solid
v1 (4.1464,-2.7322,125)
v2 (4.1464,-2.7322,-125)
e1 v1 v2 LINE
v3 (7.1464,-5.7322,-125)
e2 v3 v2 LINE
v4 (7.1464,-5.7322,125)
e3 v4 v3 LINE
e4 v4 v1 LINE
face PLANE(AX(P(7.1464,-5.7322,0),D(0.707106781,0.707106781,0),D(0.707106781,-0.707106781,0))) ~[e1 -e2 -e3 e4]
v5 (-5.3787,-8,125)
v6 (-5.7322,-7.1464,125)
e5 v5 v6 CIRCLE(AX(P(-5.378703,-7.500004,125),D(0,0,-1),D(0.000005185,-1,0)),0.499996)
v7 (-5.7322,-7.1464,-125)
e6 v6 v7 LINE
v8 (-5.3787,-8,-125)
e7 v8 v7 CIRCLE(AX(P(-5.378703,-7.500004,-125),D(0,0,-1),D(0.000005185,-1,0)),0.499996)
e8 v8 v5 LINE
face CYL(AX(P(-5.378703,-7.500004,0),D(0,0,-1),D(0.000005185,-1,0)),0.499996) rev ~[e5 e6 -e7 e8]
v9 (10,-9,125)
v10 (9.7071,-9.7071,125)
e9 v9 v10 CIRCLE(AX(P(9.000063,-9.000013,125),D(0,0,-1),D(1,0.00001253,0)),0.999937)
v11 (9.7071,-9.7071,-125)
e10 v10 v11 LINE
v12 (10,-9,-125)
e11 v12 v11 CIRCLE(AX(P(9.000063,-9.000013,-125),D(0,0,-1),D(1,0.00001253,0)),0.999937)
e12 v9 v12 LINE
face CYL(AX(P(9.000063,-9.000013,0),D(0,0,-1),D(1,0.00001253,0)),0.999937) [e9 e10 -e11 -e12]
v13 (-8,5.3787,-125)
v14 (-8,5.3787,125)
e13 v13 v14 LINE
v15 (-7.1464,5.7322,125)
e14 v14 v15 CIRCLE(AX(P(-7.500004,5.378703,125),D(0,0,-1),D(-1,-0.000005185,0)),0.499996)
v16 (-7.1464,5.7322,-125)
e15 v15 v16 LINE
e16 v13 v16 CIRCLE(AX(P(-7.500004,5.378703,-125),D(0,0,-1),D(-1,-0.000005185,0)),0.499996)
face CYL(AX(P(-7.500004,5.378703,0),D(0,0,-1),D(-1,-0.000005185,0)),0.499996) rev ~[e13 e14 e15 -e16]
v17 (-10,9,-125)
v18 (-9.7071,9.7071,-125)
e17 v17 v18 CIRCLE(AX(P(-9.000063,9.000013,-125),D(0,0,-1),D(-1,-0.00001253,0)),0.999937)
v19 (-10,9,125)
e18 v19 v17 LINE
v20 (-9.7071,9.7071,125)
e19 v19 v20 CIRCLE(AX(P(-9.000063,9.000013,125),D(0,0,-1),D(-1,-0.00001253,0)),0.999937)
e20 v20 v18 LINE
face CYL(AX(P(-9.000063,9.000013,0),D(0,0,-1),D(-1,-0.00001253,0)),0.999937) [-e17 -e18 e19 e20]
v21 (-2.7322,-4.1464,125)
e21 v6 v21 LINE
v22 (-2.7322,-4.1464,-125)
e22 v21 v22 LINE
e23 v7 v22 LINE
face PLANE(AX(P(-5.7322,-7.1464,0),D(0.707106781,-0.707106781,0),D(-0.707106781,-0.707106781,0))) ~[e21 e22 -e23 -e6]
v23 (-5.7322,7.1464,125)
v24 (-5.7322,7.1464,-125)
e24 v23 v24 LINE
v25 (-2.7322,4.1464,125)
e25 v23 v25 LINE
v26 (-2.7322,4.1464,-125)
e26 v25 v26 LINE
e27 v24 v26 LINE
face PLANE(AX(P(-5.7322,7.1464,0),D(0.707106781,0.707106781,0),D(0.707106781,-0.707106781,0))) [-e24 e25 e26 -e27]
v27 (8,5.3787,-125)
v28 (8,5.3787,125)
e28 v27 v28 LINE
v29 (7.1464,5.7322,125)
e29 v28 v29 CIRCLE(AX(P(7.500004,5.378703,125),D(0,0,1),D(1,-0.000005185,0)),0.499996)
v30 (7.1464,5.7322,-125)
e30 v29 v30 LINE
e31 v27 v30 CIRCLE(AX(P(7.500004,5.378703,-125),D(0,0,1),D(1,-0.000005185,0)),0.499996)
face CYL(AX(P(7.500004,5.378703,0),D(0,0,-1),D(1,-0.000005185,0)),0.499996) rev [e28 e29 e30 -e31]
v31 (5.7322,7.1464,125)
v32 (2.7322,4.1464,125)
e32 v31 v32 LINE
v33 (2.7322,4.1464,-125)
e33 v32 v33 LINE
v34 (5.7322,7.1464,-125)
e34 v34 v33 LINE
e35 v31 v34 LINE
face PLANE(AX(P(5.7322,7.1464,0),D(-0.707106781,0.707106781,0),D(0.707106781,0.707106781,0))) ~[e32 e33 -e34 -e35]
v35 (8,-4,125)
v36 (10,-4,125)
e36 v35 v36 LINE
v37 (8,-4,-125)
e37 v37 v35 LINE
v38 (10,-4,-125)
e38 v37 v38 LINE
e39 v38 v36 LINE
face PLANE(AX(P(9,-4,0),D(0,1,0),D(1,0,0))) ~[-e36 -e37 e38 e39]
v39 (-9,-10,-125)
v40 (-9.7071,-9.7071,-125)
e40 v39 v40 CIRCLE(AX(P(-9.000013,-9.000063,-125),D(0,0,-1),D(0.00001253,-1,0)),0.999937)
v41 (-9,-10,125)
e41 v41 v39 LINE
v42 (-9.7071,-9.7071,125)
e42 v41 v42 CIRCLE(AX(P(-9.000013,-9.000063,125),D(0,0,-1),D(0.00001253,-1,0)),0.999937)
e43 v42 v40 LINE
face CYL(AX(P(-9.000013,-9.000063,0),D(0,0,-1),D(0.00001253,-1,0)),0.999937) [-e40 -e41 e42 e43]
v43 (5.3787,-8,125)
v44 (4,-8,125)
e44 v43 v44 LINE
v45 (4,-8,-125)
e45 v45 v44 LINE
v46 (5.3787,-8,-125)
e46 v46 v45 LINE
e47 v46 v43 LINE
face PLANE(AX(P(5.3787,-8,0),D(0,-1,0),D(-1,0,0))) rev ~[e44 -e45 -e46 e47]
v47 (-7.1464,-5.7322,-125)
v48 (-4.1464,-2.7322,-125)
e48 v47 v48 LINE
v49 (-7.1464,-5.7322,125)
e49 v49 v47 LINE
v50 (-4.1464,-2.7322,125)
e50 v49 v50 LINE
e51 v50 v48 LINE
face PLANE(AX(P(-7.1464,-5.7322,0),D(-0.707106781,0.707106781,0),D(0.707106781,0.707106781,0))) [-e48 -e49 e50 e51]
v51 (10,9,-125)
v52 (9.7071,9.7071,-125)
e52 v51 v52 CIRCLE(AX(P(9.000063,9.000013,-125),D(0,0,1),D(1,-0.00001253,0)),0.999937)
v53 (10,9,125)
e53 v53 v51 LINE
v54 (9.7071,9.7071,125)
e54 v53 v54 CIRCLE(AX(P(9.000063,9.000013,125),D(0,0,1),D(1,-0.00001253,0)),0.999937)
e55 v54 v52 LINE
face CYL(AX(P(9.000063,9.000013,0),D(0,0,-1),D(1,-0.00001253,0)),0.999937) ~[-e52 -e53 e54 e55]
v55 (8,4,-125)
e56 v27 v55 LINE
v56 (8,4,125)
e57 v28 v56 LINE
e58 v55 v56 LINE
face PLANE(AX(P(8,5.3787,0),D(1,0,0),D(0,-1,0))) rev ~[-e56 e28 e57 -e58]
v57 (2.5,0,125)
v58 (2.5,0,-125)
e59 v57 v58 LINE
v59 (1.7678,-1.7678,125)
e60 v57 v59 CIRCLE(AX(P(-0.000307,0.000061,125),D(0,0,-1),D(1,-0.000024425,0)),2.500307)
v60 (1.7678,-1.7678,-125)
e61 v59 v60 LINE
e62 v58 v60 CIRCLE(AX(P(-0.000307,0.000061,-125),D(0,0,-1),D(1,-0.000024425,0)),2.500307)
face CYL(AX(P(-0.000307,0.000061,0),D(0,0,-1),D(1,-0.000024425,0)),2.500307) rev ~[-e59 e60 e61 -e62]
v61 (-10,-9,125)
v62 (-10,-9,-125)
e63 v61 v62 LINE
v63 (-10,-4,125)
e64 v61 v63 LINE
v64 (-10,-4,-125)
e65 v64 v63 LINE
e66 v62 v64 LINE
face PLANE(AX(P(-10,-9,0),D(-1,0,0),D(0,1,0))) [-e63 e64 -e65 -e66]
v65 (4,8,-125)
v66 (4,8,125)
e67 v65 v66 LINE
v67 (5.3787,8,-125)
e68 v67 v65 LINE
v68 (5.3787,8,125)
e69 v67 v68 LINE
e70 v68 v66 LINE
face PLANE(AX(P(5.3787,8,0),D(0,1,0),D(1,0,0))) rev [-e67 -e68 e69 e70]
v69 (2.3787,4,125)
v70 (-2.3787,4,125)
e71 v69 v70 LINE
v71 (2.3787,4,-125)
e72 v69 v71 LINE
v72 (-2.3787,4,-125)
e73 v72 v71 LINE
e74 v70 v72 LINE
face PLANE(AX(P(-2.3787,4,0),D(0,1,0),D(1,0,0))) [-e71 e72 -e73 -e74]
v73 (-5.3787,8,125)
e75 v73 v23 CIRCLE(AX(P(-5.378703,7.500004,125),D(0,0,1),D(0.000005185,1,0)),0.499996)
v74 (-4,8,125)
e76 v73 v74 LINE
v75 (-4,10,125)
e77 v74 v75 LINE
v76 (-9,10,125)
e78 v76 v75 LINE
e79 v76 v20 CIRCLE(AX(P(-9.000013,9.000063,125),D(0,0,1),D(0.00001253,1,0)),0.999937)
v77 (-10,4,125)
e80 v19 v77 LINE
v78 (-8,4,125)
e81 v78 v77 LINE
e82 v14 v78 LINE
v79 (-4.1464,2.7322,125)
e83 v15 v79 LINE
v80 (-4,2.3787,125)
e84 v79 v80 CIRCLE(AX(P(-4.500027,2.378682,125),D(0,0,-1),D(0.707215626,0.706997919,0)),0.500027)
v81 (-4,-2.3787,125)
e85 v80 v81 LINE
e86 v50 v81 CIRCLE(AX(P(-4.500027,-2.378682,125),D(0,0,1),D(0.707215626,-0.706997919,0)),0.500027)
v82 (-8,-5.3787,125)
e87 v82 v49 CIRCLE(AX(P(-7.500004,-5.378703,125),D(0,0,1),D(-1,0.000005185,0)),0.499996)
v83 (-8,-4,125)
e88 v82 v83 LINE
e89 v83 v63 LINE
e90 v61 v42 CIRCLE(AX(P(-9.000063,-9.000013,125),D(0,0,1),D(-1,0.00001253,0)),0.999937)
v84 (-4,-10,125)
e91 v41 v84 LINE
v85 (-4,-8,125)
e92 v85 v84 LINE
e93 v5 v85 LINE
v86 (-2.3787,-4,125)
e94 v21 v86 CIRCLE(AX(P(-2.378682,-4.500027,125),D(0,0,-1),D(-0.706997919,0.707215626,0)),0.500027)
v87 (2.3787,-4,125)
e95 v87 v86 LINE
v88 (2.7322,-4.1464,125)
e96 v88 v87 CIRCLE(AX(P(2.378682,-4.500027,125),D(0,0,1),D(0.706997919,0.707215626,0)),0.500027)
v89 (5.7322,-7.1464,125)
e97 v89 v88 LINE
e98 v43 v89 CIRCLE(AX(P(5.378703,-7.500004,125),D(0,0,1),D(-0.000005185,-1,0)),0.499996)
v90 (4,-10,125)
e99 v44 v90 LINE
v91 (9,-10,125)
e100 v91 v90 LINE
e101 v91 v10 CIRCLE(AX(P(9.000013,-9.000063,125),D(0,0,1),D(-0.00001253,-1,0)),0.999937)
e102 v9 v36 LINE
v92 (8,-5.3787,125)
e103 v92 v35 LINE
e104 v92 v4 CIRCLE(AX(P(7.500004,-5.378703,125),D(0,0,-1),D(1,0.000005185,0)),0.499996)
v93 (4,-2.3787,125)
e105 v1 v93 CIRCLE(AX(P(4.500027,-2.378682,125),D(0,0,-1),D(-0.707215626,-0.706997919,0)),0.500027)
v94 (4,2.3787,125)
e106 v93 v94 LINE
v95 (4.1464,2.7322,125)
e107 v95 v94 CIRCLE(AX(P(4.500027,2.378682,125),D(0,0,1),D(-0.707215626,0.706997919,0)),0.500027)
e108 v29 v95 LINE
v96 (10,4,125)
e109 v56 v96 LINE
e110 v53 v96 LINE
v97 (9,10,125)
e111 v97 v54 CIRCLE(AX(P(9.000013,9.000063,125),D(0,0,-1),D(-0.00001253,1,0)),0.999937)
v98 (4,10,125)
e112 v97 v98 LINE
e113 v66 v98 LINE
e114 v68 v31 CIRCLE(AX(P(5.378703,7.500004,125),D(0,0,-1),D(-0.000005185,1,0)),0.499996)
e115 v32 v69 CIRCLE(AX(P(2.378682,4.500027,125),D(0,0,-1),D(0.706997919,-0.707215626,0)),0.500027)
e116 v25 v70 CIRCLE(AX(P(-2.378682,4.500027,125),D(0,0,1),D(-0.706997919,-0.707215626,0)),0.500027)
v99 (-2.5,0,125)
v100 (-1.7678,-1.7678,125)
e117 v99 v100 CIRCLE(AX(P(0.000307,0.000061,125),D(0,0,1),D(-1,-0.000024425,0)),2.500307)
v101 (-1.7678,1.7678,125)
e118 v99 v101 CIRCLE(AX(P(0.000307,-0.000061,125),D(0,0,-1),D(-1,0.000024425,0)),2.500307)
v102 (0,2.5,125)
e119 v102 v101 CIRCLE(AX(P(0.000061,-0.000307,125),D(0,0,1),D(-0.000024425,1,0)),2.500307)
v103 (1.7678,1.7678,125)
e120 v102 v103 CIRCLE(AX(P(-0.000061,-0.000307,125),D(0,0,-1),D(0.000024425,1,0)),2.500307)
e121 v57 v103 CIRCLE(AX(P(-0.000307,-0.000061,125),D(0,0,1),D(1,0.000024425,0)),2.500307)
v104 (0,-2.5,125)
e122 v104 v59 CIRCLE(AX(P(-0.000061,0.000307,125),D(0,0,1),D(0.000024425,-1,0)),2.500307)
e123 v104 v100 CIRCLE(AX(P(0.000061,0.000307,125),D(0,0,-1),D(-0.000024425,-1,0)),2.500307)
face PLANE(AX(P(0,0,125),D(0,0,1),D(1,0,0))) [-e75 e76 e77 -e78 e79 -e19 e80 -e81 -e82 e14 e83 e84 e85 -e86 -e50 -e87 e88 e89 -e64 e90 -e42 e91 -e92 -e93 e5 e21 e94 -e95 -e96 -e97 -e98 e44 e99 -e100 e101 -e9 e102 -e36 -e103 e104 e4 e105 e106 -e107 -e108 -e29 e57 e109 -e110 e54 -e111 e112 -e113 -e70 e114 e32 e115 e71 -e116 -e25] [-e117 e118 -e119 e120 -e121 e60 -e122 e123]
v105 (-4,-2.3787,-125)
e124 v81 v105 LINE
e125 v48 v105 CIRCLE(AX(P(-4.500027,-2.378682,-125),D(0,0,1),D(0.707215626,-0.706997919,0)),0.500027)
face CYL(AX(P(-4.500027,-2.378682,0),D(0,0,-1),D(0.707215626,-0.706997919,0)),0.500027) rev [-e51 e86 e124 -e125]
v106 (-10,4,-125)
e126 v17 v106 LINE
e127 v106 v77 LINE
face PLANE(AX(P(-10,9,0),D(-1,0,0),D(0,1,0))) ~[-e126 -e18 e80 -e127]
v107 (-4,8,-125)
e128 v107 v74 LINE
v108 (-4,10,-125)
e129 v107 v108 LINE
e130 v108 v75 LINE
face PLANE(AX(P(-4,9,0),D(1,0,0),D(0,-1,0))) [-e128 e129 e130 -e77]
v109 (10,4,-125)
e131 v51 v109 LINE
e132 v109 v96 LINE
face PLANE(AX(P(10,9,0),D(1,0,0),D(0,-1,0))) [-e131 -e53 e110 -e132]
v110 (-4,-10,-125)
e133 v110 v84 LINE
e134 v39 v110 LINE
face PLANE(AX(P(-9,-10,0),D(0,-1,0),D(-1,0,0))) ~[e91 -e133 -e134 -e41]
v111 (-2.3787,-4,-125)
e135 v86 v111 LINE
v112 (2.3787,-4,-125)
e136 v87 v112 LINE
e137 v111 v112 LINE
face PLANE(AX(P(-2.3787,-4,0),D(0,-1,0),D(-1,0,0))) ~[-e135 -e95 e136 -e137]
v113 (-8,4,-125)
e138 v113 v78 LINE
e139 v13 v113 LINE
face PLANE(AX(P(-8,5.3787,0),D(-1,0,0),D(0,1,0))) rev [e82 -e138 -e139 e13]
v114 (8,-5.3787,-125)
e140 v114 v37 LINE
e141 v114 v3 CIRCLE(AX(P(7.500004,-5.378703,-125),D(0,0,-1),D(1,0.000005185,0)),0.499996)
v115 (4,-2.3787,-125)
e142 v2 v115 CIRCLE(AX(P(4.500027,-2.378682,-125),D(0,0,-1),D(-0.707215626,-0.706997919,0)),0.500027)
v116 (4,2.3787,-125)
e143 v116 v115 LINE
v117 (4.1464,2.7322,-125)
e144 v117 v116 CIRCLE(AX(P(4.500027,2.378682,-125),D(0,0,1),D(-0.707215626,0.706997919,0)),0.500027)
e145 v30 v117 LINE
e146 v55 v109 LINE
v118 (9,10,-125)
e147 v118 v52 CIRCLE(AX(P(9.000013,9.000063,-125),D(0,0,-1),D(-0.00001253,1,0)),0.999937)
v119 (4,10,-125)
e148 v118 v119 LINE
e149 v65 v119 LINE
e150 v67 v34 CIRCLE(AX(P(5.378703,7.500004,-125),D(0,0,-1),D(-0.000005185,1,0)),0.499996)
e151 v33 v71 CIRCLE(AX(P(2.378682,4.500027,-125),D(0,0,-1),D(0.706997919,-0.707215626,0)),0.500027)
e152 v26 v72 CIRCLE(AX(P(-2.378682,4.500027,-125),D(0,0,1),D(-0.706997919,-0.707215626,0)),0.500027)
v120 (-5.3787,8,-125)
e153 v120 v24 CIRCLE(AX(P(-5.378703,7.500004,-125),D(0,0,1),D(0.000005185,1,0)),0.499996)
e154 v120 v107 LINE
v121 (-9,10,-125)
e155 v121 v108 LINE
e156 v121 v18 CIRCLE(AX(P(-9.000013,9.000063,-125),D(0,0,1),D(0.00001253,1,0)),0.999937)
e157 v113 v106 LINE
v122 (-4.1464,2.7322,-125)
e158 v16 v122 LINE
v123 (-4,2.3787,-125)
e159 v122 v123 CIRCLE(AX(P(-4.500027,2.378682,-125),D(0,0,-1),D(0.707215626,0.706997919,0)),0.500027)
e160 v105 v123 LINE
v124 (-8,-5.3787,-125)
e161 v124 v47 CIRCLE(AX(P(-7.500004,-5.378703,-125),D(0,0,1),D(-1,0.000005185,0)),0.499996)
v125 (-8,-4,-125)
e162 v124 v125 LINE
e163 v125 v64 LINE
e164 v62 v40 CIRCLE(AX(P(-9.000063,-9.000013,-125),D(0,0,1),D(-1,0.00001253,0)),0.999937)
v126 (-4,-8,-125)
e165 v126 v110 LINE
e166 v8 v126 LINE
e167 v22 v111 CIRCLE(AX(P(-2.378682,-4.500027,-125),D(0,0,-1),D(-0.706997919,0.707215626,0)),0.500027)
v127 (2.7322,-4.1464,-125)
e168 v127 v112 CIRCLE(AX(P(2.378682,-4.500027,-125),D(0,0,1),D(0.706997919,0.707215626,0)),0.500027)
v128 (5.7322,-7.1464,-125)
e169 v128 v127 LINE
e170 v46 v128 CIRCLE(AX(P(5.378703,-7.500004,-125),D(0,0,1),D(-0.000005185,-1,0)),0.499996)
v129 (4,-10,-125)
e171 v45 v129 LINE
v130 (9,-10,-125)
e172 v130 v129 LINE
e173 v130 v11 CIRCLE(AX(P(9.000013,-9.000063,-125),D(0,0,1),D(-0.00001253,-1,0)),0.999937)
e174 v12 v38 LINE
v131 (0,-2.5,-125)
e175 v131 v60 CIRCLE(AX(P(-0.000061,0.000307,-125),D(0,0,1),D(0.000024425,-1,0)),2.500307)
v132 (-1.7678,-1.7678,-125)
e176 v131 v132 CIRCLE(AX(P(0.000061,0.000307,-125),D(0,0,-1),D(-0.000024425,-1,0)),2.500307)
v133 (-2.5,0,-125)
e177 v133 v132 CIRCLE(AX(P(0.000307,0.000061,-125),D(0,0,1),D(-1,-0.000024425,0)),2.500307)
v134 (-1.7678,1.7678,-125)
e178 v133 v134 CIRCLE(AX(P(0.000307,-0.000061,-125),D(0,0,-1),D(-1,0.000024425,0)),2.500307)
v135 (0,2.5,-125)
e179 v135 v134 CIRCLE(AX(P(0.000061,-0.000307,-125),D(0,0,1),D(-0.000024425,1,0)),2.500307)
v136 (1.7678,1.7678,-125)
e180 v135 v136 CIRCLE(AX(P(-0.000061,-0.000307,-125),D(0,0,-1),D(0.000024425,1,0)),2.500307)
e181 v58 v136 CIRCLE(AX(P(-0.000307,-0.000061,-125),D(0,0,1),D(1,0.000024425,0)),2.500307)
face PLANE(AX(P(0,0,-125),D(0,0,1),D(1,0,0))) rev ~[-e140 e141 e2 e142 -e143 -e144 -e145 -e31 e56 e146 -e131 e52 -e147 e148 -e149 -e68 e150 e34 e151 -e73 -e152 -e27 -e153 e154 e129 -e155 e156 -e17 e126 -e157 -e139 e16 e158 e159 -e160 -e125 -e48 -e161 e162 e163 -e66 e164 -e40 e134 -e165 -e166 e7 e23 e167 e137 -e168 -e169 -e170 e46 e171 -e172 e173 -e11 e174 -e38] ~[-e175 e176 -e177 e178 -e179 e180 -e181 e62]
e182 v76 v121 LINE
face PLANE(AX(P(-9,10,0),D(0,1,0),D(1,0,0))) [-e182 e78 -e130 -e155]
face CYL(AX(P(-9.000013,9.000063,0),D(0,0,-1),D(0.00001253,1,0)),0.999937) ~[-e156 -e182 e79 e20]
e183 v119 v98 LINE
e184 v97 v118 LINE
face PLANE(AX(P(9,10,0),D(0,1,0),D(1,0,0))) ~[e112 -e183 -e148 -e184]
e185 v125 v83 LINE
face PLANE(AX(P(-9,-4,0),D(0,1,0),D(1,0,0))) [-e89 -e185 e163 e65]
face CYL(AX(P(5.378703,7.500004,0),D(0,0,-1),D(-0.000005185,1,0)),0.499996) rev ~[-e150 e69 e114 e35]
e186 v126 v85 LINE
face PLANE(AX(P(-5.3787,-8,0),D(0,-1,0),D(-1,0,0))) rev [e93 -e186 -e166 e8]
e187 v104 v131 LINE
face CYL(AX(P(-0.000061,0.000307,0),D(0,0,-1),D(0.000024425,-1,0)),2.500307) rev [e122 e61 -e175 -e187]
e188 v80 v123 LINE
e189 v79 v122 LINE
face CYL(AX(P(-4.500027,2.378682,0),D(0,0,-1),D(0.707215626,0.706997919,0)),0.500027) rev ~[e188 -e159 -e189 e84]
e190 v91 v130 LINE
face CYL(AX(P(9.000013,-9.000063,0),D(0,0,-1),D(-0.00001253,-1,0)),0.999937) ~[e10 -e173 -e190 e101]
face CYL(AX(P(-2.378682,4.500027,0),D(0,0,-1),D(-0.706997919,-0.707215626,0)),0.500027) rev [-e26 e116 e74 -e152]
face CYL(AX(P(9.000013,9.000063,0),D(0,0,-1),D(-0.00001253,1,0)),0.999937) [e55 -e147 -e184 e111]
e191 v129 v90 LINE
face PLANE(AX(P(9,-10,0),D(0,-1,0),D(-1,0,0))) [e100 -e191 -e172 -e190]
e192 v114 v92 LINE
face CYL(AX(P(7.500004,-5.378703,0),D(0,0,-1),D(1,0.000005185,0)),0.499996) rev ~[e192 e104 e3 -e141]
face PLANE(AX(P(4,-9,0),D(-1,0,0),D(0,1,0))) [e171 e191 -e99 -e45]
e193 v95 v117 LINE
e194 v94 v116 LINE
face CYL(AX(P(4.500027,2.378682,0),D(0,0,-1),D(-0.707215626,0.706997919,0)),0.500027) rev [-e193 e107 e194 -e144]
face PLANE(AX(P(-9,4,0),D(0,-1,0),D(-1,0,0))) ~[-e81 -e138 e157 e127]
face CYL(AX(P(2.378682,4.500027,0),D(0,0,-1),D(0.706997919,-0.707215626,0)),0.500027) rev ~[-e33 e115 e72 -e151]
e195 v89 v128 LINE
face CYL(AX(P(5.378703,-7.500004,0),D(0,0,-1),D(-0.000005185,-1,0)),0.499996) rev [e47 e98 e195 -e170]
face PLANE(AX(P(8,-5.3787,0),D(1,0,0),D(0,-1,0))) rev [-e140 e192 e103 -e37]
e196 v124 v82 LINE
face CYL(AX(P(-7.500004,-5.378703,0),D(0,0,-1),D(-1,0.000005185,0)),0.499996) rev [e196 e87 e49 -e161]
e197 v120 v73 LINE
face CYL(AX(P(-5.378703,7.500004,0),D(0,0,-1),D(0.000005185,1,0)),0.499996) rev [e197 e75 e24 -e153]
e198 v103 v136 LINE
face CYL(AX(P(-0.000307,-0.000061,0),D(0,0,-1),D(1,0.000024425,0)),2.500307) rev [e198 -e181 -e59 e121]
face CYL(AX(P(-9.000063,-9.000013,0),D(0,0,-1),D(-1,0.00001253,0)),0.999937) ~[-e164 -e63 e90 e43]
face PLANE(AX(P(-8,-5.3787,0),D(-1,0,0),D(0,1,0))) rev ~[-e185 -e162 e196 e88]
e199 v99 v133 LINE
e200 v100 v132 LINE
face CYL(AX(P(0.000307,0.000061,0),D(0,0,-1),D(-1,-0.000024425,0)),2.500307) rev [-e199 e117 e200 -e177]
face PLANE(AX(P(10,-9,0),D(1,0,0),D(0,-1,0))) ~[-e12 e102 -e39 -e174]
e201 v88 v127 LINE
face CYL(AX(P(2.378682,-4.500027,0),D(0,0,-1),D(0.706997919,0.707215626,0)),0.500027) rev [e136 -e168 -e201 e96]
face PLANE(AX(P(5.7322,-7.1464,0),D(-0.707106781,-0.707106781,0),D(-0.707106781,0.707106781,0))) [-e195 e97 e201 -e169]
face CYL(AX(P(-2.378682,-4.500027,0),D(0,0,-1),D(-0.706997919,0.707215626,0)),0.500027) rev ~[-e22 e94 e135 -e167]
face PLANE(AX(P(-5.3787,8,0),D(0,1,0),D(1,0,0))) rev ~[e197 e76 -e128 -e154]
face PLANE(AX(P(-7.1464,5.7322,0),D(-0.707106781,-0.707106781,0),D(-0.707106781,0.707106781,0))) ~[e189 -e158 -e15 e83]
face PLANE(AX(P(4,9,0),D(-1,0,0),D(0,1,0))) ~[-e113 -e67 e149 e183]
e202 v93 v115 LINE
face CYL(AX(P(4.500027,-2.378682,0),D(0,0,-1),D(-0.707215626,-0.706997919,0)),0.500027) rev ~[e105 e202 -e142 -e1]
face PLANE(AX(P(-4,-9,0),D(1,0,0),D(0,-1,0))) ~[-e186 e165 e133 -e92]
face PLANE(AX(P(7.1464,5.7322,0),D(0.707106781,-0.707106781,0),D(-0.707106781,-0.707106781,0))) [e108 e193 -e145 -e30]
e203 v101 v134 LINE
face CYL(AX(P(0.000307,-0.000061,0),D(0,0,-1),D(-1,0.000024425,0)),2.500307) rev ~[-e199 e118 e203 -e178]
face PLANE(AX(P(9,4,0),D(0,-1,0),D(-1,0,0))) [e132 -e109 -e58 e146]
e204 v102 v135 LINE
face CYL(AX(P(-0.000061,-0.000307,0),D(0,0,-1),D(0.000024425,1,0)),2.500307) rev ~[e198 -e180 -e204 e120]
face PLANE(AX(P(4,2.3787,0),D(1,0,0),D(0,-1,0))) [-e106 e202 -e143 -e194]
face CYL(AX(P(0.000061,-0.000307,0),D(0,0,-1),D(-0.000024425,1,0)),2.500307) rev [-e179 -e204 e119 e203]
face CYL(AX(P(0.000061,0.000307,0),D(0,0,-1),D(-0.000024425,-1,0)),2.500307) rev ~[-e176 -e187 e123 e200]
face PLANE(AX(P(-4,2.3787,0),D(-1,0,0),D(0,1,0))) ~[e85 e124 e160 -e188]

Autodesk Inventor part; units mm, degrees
sketch "Esboço1" plane through (0, 0, 0) normal (0, 0, 1) x (1, 0, 0)
  line L0 (-10, 10) -> (10, 10) construction
  circle A0 centre (0, 0) radius 2.5 construction
  line L1 (-4, 4) -> (4, 4) construction
  line L2 (-4, 4) -> (-4, -4) construction
  line L3 (-10, 10) -> (0, 0) construction
  line L4 (-2.5858, 4) -> (-6.5858, 8) construction
  line L5 (-6.5858, 8) -> (0, 8) construction
  arc A1 (-5.3787, 8) -> (-5.7322, 7.1464) centre (-5.3787, 7.5) ccw
  arc A2 (-2.7322, 4.1464) -> (-2.3787, 4) centre (-2.3787, 4.5) ccw
  line L6 (0, 4) -> (-4, 4) construction
  line L7 (-2.3787, 4) -> (0, 4)
  line L8 (-4, 10) -> (-4, 8) construction
  line L9 (-5.3787, 8) -> (-4, 8)
  line L10 (-5.7322, 7.1464) -> (-2.7322, 4.1464)
  line L11 (-4, 10) -> (-4, 9) construction
  line L12 (-4, 9) -> (-4, 9) construction
  line L13 (-4, 10) -> (-4, 9)
  line L14 (-4, 9) -> (-4, 9)
  line L15 (-4, 9) -> (-4, 8)
  line L16 (0, 4) -> (0, 2.5)
  arc A3 (-9, 10) -> (-9.7071, 9.7071) centre (-9, 9) ccw
  line L17 (-9, 10) -> (-4, 10)
  line L18 (-9.7071, 9.7071) -> (-1.7678, 1.7678)
  arc A4 (0, 2.5) -> (-1.7678, 1.7678) centre (0, 0) ccw
  point P0 (0, 10)
  point P1 (-4, 0)
  point P2 (-5, 5)
  point P3 (-5.8406, 7.6913)
  point P4 (-9.3827, 9.9239)
  point P5 (-6.5, 10)
  dimension "d1" = 10
  dimension "d2" = 5
  dimension "d5" = 20
  dimension "d10" = 1
  dimension "d11" = 2
  dimension "d17" = 6
  dimension "d18" = 0.5
  dimension "d24" = 1
  dimension "d25" = 0.5
extrude "Extrusão1" add sketch "Esboço1" along normal mid plane 250
mirror "Espelhar1" about plane through (-9.7071, 9.7071, 0) normal (-0.7071, -0.7071, 0)
mirror "Espelhar2" about plane through (0, 0, 0) normal (1, 0, 0)
mirror "Espelhar3" about plane through (0, 0, 0) normal (0, 1, 0)
properties material "Aço"
